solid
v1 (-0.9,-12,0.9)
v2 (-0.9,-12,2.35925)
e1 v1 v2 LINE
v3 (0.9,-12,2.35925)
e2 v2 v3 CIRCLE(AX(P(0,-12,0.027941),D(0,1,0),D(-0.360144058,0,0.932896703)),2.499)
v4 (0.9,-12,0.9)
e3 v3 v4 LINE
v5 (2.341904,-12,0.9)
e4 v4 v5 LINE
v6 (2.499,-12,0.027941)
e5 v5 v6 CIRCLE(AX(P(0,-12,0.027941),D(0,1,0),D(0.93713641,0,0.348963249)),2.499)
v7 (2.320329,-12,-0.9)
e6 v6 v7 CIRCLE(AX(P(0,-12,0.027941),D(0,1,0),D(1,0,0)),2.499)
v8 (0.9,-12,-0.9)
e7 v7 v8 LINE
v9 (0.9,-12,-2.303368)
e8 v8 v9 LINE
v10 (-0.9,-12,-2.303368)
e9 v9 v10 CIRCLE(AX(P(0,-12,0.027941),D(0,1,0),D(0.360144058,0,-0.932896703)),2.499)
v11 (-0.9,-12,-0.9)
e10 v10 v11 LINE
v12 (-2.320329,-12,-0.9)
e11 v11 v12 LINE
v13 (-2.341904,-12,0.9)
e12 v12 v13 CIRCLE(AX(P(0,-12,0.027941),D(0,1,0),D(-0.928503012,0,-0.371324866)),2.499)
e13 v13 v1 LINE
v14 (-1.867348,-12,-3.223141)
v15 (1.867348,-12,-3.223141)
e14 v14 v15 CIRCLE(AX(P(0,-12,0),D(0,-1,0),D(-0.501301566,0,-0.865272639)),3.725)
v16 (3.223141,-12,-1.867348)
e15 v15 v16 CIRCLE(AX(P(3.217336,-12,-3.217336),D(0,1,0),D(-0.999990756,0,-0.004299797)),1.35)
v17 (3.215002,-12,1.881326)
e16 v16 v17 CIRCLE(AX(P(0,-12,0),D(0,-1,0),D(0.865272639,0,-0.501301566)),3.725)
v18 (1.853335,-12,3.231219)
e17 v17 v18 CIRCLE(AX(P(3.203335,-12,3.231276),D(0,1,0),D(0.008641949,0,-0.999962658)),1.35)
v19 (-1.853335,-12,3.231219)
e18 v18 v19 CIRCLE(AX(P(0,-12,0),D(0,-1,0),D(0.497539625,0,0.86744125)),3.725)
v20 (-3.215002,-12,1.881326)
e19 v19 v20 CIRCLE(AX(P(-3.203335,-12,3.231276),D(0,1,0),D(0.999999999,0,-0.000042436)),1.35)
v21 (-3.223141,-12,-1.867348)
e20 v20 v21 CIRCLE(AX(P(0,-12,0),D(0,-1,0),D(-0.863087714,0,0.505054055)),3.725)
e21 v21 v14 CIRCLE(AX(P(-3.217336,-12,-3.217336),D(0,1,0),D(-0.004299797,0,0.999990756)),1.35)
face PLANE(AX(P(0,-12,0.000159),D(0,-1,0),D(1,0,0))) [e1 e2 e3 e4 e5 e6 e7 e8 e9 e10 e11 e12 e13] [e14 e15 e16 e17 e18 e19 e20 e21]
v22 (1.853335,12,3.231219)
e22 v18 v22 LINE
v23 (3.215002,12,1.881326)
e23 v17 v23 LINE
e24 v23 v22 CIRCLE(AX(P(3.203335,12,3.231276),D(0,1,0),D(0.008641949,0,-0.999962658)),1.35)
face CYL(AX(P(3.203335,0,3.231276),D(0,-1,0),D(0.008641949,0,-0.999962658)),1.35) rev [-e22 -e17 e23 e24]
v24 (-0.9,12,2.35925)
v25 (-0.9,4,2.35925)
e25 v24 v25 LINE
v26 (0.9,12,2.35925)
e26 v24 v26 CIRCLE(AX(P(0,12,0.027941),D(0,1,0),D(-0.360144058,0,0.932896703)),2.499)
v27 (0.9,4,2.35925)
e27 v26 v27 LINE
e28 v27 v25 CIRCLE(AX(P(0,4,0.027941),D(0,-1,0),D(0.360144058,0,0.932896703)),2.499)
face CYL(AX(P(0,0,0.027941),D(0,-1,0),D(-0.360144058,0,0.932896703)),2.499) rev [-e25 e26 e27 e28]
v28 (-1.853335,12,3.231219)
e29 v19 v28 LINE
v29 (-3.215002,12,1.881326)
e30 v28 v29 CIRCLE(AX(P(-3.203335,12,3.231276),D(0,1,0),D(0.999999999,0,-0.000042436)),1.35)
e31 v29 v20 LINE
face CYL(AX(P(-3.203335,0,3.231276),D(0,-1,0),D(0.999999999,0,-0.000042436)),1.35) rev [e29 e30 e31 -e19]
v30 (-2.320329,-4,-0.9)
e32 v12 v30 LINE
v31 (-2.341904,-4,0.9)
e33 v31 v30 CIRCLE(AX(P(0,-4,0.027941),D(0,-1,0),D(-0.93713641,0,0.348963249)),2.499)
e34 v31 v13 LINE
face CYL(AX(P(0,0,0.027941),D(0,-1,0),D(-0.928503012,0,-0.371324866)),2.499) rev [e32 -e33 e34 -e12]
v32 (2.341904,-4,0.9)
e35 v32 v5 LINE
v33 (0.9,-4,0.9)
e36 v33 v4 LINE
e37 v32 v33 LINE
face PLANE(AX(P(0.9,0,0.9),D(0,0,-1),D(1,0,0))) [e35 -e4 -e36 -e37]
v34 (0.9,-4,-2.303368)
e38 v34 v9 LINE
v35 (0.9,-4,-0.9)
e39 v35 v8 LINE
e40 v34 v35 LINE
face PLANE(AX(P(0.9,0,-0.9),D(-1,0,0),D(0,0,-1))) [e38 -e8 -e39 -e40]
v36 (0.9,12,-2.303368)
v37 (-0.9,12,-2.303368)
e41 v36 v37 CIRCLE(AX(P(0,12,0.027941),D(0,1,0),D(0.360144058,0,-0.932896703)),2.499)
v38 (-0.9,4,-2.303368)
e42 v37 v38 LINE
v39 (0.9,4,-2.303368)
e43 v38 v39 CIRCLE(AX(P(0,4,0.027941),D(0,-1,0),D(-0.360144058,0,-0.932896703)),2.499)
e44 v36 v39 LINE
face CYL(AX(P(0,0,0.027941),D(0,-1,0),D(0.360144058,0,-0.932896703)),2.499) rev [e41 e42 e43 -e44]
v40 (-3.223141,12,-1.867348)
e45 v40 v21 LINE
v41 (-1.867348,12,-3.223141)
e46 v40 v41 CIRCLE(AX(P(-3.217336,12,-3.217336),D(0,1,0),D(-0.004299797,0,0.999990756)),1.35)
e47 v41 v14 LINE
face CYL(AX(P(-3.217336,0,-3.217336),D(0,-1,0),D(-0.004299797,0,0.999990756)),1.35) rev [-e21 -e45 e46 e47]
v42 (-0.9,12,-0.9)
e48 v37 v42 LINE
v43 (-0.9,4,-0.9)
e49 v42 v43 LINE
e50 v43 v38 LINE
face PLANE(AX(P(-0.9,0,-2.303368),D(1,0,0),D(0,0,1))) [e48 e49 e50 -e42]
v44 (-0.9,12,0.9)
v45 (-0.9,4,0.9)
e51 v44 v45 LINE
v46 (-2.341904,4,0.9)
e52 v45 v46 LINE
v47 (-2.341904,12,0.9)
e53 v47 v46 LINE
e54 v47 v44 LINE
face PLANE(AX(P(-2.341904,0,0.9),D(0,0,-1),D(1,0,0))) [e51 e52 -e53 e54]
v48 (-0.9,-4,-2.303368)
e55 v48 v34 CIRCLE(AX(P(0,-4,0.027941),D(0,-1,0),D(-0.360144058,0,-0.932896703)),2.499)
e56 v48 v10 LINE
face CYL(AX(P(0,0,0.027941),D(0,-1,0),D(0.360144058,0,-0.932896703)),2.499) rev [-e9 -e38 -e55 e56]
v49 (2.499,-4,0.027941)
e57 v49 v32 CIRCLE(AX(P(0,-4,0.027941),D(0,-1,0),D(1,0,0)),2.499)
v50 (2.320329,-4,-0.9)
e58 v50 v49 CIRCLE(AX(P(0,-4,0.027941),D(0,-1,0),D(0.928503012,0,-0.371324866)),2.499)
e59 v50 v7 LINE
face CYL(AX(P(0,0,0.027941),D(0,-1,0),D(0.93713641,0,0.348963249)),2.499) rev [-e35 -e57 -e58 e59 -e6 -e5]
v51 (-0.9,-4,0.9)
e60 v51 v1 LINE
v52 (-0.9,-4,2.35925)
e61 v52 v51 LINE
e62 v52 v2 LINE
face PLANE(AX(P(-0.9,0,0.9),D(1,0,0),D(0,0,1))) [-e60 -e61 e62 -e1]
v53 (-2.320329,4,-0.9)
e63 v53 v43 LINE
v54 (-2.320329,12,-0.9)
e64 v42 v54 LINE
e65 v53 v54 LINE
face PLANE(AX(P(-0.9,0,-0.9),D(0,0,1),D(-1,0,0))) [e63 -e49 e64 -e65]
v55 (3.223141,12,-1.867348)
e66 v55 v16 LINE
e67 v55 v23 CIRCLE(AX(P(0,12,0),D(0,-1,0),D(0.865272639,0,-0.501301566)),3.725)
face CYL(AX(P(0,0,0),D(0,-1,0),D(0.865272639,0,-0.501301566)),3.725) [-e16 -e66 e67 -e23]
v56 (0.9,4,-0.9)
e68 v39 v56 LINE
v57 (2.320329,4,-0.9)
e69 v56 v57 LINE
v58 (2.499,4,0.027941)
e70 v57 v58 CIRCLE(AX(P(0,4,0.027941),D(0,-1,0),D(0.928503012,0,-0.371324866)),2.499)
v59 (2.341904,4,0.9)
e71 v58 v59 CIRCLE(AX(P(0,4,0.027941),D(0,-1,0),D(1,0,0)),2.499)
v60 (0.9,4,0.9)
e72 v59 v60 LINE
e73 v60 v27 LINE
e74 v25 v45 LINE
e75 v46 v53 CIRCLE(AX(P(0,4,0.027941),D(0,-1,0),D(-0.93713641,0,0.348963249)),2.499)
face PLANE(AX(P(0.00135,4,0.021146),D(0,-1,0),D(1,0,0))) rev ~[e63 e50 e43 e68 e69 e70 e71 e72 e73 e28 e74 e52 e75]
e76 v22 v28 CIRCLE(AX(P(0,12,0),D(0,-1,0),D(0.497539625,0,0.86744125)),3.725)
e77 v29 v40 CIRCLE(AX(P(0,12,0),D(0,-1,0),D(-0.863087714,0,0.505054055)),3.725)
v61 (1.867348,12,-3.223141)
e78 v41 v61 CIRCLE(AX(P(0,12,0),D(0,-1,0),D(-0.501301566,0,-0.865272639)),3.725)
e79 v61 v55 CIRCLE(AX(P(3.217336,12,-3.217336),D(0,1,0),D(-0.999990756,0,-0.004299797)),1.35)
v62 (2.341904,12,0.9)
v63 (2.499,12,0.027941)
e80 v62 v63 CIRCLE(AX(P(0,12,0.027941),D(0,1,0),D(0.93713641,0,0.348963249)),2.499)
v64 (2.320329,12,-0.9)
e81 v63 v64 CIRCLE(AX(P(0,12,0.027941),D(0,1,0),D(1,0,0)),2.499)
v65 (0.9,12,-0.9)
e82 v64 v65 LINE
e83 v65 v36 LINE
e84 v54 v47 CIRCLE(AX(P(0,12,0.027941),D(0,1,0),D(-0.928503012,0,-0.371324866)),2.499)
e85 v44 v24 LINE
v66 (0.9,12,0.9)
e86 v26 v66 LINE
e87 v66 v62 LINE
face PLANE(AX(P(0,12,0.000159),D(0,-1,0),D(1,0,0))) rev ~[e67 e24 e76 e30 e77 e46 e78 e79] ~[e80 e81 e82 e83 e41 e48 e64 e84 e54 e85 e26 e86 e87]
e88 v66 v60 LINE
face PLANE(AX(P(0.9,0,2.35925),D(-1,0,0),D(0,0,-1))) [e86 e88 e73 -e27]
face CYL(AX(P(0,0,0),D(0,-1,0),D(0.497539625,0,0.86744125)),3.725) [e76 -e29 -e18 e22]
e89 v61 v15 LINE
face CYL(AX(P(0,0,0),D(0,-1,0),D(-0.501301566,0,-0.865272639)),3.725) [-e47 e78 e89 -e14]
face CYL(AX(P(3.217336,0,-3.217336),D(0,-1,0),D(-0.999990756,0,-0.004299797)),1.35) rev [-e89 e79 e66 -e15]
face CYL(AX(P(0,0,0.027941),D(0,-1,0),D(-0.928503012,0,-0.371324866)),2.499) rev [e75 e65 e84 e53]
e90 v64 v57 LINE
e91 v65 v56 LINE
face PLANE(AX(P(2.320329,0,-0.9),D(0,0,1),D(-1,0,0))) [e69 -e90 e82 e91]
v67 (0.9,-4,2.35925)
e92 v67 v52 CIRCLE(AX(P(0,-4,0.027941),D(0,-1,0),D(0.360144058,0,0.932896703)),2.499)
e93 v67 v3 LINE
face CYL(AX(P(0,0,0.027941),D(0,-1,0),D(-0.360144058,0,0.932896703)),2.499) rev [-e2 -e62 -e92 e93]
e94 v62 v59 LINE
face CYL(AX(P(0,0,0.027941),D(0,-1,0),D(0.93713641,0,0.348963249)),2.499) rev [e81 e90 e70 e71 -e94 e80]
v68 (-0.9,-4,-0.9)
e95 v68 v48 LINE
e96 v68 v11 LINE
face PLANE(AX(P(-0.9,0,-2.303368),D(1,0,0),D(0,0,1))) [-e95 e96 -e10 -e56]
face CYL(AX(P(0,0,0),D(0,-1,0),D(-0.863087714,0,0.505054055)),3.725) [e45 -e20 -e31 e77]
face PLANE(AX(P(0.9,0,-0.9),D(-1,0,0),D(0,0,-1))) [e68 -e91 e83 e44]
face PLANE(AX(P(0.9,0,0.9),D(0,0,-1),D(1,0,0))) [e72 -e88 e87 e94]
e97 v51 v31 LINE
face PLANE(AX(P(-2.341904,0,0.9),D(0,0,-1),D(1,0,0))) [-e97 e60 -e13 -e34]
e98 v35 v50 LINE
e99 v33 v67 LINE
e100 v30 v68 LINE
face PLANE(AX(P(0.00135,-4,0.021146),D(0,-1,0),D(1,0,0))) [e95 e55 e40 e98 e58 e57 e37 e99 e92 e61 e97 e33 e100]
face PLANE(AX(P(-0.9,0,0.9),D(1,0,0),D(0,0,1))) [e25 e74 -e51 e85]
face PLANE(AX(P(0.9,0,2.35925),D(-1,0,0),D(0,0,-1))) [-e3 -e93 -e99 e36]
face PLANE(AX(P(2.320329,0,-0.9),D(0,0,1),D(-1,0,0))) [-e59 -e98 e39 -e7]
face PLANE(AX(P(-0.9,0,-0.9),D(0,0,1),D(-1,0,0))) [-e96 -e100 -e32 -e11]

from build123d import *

# Parameters (mm, degrees)
F1_DEPTH = 12
F2_DEPTH = 4


with BuildPart() as f1:
    # F0 (on Front) → F1 (new body, symmetric)
    with BuildSketch(Plane.XZ):
        with BuildLine():
            ThreePointArc((-1.8533351034, 3.2312186547), (-2.2528950169, 2.2725457185), (-3.215001733, 1.8813263557))
            ThreePointArc((-3.215001733, 1.8813263557), (-3.7249912206, 0.0080874273), (-3.2231405801, -1.867348334))
            ThreePointArc((-3.2231405801, -1.867348334), (-2.2627416998, -2.2627416998), (-1.867348334, -3.2231405801))
            ThreePointArc((-1.867348334, -3.2231405801), (0, -3.725), (1.867348334, -3.2231405801))
            ThreePointArc((1.867348334, -3.2231405801), (2.2627416998, -2.2627416998), (3.2231405801, -1.867348334))
            ThreePointArc((3.2231405801, -1.867348334), (3.7249912206, 0.0080874273), (3.215001733, 1.8813263557))
            ThreePointArc((3.215001733, 1.8813263557), (2.2528950169, 2.2725457185), (1.8533351034, 3.2312186547))
            ThreePointArc((1.8533351034, 3.2312186547), (0, 3.725), (-1.8533351034, 3.2312186547))
        make_face()
        with BuildLine():
            ThreePointArc((-2.3419038887, 0.9), (-1.7775932123, 1.7844041548), (-0.9, 2.3592497012))
            ThreePointArc((-0.9, 2.3592497012), (0, 2.5269408414), (0.9, 2.3592497012))
            ThreePointArc((0.9, 2.3592497012), (1.7775932123, 1.7844041548), (2.3419038887, 0.9))
            ThreePointArc((2.3419038887, 0.9), (2.4594124113, 0.47098891), (2.499, 0.0279408414))
            ThreePointArc((2.499, 0.0279408414), (2.4539257567, -0.4445518891), (2.3203290273, -0.9))
            ThreePointArc((2.3203290273, -0.9), (1.75641402, -1.749701077), (0.9, -2.3033680185))
            ThreePointArc((0.9, -2.3033680185), (0, -2.4710591586), (-0.9, -2.3033680185))
            ThreePointArc((-0.9, -2.3033680185), (-1.75641402, -1.749701077), (-2.3203290273, -0.9))
            ThreePointArc((-2.3203290273, -0.9), (-2.4988205099, -0.0020101065), (-2.3419038887, 0.9))
        make_face(mode=Mode.SUBTRACT)
        with BuildLine():
            ThreePointArc((2.3419038887, 0.9), (1.7775932123, 1.7844041548), (0.9, 2.3592497012))
            Line((0.9, 2.3592497012), (0.9, 0.9))
            Line((0.9, 0.9), (2.3419038887, 0.9))
        make_face()
        with BuildLine():
            Line((-0.9, 0.9), (-0.9, 2.3592497012))
            ThreePointArc((-0.9, 2.3592497012), (-1.7775932123, 1.7844041548), (-2.3419038887, 0.9))
            Line((-2.3419038887, 0.9), (-0.9, 0.9))
        make_face()
        with BuildLine():
            ThreePointArc((0.9, -2.3033680185), (1.75641402, -1.749701077), (2.3203290273, -0.9))
            Line((2.3203290273, -0.9), (0.9, -0.9))
            Line((0.9, -0.9), (0.9, -2.3033680185))
        make_face()
        with BuildLine():
            Line((-0.9, -0.9), (-2.3203290273, -0.9))
            ThreePointArc((-2.3203290273, -0.9), (-1.75641402, -1.749701077), (-0.9, -2.3033680185))
            Line((-0.9, -2.3033680185), (-0.9, -0.9))
        make_face()
    extrude(amount=F1_DEPTH, both=True)

    # F0 (on Front) → F2 (join, symmetric)
    with BuildSketch(Plane.XZ):
        with BuildLine():
            ThreePointArc((0.9, 2.3592497012), (0, 2.5269408414), (-0.9, 2.3592497012))
            Line((-0.9, 2.3592497012), (-0.9, 0.9))
            Line((-0.9, 0.9), (-2.3419038887, 0.9))
            ThreePointArc((-2.3419038887, 0.9), (-2.4988205099, -0.0020101065), (-2.3203290273, -0.9))
            Line((-2.3203290273, -0.9), (-0.9, -0.9))
            Line((-0.9, -0.9), (-0.9, -2.3033680185))
            ThreePointArc((-0.9, -2.3033680185), (0, -2.4710591586), (0.9, -2.3033680185))
            Line((0.9, -2.3033680185), (0.9, -0.9))
            Line((0.9, -0.9), (2.3203290273, -0.9))
            ThreePointArc((2.3203290273, -0.9), (2.4539257567, -0.4445518891), (2.499, 0.0279408414))
            ThreePointArc((2.499, 0.0279408414), (2.4594124113, 0.47098891), (2.3419038887, 0.9))
            Line((2.3419038887, 0.9), (0.9, 0.9))
            Line((0.9, 0.9), (0.9, 2.3592497012))
        make_face()
    extrude(amount=F2_DEPTH, both=True)


solid = f1.part
